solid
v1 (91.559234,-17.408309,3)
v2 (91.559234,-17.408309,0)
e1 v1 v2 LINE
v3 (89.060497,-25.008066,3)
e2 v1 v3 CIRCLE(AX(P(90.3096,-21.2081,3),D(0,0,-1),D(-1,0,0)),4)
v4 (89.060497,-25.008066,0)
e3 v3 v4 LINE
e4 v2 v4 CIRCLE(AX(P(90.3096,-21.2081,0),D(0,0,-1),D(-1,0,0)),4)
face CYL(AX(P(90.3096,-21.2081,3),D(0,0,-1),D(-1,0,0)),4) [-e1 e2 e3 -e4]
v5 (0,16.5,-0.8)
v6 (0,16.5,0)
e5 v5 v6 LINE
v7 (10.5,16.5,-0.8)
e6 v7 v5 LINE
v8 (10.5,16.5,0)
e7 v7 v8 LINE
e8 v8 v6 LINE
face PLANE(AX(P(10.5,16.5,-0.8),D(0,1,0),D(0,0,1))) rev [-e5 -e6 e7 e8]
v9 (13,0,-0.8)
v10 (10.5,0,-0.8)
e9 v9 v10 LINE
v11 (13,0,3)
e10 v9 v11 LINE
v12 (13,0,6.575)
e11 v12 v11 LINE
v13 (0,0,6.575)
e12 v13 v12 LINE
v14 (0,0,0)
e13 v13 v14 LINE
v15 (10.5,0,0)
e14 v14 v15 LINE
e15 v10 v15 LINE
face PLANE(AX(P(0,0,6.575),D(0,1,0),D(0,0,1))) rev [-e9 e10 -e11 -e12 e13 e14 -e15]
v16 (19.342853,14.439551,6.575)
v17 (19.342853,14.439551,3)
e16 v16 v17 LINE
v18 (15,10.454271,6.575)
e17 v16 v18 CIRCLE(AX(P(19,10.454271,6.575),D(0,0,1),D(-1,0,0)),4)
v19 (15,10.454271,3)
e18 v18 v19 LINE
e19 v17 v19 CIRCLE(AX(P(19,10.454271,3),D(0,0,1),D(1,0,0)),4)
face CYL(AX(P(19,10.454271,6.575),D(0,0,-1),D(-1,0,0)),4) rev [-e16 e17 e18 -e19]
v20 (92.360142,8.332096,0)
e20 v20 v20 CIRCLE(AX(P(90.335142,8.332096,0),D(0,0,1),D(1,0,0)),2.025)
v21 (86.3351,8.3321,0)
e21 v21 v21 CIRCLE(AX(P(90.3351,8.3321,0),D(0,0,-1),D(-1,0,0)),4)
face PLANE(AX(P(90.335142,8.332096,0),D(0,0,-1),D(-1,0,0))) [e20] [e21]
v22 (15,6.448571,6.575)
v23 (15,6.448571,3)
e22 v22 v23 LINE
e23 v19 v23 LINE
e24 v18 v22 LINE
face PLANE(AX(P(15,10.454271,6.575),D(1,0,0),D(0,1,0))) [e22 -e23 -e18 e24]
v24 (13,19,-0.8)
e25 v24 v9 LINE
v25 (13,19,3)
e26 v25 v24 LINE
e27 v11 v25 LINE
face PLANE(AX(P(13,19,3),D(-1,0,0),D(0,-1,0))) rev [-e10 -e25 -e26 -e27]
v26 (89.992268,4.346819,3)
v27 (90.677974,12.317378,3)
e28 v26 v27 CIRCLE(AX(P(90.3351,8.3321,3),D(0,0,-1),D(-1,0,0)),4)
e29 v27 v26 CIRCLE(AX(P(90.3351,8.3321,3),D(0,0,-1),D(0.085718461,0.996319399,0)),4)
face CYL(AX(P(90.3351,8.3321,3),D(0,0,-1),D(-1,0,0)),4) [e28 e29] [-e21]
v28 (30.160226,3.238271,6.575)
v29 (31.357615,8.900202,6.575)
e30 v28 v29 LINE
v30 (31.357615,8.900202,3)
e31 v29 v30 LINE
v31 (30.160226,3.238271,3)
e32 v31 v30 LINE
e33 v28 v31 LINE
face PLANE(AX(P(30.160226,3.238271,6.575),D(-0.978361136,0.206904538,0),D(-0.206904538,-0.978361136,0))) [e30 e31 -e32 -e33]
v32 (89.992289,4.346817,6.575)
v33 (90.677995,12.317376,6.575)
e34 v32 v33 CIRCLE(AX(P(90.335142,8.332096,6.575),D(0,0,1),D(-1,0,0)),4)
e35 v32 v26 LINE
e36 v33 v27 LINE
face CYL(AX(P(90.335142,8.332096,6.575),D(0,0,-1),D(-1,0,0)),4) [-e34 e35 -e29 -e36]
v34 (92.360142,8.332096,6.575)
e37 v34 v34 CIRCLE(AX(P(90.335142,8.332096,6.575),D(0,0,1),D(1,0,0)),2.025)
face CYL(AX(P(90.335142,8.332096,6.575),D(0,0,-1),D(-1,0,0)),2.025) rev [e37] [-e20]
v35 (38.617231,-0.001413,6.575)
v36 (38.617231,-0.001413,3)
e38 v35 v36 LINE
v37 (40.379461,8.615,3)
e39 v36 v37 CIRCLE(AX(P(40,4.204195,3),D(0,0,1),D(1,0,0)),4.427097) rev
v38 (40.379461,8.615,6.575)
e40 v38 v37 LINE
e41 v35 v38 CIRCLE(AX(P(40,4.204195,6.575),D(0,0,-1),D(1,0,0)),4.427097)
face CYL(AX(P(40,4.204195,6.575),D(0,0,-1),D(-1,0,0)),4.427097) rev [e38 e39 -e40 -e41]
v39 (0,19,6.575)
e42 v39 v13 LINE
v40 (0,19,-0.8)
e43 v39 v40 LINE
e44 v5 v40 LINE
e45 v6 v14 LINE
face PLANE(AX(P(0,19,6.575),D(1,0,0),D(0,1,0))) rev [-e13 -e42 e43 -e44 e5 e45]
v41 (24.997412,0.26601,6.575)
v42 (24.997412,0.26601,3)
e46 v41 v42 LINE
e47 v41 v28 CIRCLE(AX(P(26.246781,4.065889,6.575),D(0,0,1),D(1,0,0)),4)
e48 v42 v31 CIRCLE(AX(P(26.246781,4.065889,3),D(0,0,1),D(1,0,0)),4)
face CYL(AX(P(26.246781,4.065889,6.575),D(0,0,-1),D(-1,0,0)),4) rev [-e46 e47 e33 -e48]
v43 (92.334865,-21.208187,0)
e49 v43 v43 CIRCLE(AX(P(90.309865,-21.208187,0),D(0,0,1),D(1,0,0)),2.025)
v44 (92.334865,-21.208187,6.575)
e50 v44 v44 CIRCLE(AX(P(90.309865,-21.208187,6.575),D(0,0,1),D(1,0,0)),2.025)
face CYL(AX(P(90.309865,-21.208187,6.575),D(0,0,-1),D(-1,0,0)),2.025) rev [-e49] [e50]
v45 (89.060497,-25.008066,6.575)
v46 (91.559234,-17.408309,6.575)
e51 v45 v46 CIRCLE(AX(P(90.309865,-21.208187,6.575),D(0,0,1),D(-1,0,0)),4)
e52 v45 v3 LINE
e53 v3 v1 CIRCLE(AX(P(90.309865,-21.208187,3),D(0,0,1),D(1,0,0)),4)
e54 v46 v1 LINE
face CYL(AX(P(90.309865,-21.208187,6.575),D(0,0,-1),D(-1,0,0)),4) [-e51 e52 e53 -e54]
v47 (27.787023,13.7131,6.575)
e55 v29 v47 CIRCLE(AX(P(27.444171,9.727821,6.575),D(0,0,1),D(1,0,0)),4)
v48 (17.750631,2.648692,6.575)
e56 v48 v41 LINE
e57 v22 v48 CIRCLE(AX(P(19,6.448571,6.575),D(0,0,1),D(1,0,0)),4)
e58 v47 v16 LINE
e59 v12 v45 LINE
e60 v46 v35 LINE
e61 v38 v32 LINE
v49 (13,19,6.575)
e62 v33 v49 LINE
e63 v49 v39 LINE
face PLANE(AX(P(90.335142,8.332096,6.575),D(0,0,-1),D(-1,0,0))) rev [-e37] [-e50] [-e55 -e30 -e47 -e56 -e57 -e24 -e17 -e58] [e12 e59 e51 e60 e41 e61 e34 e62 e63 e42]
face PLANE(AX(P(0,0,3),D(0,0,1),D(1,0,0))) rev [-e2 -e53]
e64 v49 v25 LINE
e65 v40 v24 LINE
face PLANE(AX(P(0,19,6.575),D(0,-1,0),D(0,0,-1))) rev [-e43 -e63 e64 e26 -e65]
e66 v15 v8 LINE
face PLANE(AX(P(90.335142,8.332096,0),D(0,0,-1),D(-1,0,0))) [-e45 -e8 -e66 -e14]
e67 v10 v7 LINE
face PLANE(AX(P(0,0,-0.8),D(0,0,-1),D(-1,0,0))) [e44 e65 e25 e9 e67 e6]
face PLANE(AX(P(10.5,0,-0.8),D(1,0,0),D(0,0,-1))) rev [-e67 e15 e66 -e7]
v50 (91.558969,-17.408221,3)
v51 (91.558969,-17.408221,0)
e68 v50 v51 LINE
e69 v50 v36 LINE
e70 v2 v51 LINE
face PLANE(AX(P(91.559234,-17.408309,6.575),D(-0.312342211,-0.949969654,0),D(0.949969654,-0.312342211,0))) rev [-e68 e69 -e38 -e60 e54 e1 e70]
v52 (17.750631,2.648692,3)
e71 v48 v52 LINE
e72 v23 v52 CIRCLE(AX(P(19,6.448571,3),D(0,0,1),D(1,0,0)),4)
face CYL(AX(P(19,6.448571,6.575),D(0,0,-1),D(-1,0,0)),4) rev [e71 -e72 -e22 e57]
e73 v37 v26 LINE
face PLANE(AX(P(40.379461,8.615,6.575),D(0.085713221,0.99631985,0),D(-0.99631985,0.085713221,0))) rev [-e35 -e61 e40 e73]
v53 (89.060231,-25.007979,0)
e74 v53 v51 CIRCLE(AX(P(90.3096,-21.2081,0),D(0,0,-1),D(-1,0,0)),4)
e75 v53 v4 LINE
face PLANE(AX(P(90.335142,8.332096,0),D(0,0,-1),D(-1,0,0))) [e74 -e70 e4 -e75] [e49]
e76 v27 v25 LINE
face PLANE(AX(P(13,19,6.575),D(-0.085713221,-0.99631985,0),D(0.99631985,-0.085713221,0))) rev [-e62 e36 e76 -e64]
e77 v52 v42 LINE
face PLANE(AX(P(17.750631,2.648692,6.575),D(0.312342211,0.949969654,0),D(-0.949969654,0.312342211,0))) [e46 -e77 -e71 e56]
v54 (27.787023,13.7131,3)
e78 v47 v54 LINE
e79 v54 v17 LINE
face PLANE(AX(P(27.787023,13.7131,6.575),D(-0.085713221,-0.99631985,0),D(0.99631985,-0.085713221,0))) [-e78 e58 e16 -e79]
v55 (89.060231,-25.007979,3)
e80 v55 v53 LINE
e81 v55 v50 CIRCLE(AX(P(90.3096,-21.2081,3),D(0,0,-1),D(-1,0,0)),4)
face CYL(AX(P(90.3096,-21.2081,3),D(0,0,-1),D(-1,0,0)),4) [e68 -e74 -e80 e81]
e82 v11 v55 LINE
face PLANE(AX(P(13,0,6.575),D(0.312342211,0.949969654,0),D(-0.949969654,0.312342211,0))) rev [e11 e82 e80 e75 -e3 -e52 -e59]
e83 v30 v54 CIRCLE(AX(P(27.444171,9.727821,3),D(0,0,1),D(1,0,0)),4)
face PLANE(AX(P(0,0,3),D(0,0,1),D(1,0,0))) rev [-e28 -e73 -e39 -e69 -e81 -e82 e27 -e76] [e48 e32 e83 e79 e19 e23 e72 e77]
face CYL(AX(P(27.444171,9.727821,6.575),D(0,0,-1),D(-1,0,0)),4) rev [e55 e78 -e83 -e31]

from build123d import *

# Parameters (mm, degrees)
SKETCH2_R           = 2.025
BOSS_EXTRUDE1_DEPTH = 6.575
SKETCH3_W           = 85
SKETCH3_H           = 45
SKETCH3_R           = 4
CUT_EXTRUDE1_DEPTH  = 3
BOSS_EXTRUDE2_DEPTH = 0.8


with BuildPart() as part:
    # Sketch2 → Boss-Extrude1 (new body)
    with BuildSketch(Plane.XY):
        with BuildLine():
            Line((0, 19), (0, 0))
            Line((0, 0), (13, 0))
            Line((13, 0), (89.060496565, -25.00806589))
            ThreePointArc((89.060496565, -25.00806589), (94.109744025, -22.45755612), (91.559234256, -17.40830866))
            Line((91.559234256, -17.40830866), (38.617230635, -0.001413167))
            ThreePointArc((38.617230635, -0.001413167), (35.662685114, 5.091263251), (40.379460771, 8.614999867))
            Line((40.379460771, 8.614999867), (89.992289035, 4.346816993))
            ThreePointArc((89.992289035, 4.346816993), (94.32042132, 7.989243509), (90.677994805, 12.317375794))
            Line((90.677994805, 12.317375794), (13, 19))
            Line((13, 19), (0, 19))
        make_face()
        with Locations((90.33514192, 8.332096393)):
            Circle(SKETCH2_R, mode=Mode.SUBTRACT)
        with Locations((90.30986541, -21.208187275)):
            Circle(SKETCH2_R, mode=Mode.SUBTRACT)
        with BuildLine():
            Line((15, 10.45427111), (15, 6.44857097))
            ThreePointArc((15, 6.44857097), (15.759824435, 4.103093981), (17.750631155, 2.648692356))
            Line((17.750631155, 2.648692356), (24.997412202, 0.266010331))
            ThreePointArc((24.997412202, 0.266010331), (28.242503446, 0.599321176), (30.16022559, 3.238270793))
            Line((30.16022559, 3.238270793), (31.357615095, 8.900202452))
            ThreePointArc((31.357615095, 8.900202452), (30.656648203, 12.111093006), (27.787023436, 13.713100006))
            Line((27.787023436, 13.713100006), (19.342852885, 14.43955051))
            ThreePointArc((19.342852885, 14.43955051), (16.29550481, 13.401423255), (15, 10.45427111))
        make_face(mode=Mode.SUBTRACT)
    extrude(amount=BOSS_EXTRUDE1_DEPTH)

    # Sketch3 → Cut-Extrude1 (cut)
    with BuildSketch(Plane(origin=(0, 0, 0), x_dir=(-1, 0, 0), z_dir=(0, 0, -1))):
        with Locations((-55.5, -3.5)):
            Rectangle(SKETCH3_W, SKETCH3_H)
        with Locations((-90.3351, 8.3321)):
            Circle(SKETCH3_R, mode=Mode.SUBTRACT)
        with Locations((-90.3096, -21.2081)):
            Circle(SKETCH3_R, mode=Mode.SUBTRACT)
    extrude(amount=-CUT_EXTRUDE1_DEPTH, mode=Mode.SUBTRACT)

    # Sketch4 → Boss-Extrude2 (add)
    with BuildSketch(Plane(origin=(0, 0, 0), x_dir=(-1, 0, 0), z_dir=(0, 0, -1))):
        Polygon((0, 19), (-13, 19), (-13, 0), (-10.5, 0), (-10.5, 16.5), (0, 16.5), align=None)
    extrude(amount=BOSS_EXTRUDE2_DEPTH)


solid = part.part
